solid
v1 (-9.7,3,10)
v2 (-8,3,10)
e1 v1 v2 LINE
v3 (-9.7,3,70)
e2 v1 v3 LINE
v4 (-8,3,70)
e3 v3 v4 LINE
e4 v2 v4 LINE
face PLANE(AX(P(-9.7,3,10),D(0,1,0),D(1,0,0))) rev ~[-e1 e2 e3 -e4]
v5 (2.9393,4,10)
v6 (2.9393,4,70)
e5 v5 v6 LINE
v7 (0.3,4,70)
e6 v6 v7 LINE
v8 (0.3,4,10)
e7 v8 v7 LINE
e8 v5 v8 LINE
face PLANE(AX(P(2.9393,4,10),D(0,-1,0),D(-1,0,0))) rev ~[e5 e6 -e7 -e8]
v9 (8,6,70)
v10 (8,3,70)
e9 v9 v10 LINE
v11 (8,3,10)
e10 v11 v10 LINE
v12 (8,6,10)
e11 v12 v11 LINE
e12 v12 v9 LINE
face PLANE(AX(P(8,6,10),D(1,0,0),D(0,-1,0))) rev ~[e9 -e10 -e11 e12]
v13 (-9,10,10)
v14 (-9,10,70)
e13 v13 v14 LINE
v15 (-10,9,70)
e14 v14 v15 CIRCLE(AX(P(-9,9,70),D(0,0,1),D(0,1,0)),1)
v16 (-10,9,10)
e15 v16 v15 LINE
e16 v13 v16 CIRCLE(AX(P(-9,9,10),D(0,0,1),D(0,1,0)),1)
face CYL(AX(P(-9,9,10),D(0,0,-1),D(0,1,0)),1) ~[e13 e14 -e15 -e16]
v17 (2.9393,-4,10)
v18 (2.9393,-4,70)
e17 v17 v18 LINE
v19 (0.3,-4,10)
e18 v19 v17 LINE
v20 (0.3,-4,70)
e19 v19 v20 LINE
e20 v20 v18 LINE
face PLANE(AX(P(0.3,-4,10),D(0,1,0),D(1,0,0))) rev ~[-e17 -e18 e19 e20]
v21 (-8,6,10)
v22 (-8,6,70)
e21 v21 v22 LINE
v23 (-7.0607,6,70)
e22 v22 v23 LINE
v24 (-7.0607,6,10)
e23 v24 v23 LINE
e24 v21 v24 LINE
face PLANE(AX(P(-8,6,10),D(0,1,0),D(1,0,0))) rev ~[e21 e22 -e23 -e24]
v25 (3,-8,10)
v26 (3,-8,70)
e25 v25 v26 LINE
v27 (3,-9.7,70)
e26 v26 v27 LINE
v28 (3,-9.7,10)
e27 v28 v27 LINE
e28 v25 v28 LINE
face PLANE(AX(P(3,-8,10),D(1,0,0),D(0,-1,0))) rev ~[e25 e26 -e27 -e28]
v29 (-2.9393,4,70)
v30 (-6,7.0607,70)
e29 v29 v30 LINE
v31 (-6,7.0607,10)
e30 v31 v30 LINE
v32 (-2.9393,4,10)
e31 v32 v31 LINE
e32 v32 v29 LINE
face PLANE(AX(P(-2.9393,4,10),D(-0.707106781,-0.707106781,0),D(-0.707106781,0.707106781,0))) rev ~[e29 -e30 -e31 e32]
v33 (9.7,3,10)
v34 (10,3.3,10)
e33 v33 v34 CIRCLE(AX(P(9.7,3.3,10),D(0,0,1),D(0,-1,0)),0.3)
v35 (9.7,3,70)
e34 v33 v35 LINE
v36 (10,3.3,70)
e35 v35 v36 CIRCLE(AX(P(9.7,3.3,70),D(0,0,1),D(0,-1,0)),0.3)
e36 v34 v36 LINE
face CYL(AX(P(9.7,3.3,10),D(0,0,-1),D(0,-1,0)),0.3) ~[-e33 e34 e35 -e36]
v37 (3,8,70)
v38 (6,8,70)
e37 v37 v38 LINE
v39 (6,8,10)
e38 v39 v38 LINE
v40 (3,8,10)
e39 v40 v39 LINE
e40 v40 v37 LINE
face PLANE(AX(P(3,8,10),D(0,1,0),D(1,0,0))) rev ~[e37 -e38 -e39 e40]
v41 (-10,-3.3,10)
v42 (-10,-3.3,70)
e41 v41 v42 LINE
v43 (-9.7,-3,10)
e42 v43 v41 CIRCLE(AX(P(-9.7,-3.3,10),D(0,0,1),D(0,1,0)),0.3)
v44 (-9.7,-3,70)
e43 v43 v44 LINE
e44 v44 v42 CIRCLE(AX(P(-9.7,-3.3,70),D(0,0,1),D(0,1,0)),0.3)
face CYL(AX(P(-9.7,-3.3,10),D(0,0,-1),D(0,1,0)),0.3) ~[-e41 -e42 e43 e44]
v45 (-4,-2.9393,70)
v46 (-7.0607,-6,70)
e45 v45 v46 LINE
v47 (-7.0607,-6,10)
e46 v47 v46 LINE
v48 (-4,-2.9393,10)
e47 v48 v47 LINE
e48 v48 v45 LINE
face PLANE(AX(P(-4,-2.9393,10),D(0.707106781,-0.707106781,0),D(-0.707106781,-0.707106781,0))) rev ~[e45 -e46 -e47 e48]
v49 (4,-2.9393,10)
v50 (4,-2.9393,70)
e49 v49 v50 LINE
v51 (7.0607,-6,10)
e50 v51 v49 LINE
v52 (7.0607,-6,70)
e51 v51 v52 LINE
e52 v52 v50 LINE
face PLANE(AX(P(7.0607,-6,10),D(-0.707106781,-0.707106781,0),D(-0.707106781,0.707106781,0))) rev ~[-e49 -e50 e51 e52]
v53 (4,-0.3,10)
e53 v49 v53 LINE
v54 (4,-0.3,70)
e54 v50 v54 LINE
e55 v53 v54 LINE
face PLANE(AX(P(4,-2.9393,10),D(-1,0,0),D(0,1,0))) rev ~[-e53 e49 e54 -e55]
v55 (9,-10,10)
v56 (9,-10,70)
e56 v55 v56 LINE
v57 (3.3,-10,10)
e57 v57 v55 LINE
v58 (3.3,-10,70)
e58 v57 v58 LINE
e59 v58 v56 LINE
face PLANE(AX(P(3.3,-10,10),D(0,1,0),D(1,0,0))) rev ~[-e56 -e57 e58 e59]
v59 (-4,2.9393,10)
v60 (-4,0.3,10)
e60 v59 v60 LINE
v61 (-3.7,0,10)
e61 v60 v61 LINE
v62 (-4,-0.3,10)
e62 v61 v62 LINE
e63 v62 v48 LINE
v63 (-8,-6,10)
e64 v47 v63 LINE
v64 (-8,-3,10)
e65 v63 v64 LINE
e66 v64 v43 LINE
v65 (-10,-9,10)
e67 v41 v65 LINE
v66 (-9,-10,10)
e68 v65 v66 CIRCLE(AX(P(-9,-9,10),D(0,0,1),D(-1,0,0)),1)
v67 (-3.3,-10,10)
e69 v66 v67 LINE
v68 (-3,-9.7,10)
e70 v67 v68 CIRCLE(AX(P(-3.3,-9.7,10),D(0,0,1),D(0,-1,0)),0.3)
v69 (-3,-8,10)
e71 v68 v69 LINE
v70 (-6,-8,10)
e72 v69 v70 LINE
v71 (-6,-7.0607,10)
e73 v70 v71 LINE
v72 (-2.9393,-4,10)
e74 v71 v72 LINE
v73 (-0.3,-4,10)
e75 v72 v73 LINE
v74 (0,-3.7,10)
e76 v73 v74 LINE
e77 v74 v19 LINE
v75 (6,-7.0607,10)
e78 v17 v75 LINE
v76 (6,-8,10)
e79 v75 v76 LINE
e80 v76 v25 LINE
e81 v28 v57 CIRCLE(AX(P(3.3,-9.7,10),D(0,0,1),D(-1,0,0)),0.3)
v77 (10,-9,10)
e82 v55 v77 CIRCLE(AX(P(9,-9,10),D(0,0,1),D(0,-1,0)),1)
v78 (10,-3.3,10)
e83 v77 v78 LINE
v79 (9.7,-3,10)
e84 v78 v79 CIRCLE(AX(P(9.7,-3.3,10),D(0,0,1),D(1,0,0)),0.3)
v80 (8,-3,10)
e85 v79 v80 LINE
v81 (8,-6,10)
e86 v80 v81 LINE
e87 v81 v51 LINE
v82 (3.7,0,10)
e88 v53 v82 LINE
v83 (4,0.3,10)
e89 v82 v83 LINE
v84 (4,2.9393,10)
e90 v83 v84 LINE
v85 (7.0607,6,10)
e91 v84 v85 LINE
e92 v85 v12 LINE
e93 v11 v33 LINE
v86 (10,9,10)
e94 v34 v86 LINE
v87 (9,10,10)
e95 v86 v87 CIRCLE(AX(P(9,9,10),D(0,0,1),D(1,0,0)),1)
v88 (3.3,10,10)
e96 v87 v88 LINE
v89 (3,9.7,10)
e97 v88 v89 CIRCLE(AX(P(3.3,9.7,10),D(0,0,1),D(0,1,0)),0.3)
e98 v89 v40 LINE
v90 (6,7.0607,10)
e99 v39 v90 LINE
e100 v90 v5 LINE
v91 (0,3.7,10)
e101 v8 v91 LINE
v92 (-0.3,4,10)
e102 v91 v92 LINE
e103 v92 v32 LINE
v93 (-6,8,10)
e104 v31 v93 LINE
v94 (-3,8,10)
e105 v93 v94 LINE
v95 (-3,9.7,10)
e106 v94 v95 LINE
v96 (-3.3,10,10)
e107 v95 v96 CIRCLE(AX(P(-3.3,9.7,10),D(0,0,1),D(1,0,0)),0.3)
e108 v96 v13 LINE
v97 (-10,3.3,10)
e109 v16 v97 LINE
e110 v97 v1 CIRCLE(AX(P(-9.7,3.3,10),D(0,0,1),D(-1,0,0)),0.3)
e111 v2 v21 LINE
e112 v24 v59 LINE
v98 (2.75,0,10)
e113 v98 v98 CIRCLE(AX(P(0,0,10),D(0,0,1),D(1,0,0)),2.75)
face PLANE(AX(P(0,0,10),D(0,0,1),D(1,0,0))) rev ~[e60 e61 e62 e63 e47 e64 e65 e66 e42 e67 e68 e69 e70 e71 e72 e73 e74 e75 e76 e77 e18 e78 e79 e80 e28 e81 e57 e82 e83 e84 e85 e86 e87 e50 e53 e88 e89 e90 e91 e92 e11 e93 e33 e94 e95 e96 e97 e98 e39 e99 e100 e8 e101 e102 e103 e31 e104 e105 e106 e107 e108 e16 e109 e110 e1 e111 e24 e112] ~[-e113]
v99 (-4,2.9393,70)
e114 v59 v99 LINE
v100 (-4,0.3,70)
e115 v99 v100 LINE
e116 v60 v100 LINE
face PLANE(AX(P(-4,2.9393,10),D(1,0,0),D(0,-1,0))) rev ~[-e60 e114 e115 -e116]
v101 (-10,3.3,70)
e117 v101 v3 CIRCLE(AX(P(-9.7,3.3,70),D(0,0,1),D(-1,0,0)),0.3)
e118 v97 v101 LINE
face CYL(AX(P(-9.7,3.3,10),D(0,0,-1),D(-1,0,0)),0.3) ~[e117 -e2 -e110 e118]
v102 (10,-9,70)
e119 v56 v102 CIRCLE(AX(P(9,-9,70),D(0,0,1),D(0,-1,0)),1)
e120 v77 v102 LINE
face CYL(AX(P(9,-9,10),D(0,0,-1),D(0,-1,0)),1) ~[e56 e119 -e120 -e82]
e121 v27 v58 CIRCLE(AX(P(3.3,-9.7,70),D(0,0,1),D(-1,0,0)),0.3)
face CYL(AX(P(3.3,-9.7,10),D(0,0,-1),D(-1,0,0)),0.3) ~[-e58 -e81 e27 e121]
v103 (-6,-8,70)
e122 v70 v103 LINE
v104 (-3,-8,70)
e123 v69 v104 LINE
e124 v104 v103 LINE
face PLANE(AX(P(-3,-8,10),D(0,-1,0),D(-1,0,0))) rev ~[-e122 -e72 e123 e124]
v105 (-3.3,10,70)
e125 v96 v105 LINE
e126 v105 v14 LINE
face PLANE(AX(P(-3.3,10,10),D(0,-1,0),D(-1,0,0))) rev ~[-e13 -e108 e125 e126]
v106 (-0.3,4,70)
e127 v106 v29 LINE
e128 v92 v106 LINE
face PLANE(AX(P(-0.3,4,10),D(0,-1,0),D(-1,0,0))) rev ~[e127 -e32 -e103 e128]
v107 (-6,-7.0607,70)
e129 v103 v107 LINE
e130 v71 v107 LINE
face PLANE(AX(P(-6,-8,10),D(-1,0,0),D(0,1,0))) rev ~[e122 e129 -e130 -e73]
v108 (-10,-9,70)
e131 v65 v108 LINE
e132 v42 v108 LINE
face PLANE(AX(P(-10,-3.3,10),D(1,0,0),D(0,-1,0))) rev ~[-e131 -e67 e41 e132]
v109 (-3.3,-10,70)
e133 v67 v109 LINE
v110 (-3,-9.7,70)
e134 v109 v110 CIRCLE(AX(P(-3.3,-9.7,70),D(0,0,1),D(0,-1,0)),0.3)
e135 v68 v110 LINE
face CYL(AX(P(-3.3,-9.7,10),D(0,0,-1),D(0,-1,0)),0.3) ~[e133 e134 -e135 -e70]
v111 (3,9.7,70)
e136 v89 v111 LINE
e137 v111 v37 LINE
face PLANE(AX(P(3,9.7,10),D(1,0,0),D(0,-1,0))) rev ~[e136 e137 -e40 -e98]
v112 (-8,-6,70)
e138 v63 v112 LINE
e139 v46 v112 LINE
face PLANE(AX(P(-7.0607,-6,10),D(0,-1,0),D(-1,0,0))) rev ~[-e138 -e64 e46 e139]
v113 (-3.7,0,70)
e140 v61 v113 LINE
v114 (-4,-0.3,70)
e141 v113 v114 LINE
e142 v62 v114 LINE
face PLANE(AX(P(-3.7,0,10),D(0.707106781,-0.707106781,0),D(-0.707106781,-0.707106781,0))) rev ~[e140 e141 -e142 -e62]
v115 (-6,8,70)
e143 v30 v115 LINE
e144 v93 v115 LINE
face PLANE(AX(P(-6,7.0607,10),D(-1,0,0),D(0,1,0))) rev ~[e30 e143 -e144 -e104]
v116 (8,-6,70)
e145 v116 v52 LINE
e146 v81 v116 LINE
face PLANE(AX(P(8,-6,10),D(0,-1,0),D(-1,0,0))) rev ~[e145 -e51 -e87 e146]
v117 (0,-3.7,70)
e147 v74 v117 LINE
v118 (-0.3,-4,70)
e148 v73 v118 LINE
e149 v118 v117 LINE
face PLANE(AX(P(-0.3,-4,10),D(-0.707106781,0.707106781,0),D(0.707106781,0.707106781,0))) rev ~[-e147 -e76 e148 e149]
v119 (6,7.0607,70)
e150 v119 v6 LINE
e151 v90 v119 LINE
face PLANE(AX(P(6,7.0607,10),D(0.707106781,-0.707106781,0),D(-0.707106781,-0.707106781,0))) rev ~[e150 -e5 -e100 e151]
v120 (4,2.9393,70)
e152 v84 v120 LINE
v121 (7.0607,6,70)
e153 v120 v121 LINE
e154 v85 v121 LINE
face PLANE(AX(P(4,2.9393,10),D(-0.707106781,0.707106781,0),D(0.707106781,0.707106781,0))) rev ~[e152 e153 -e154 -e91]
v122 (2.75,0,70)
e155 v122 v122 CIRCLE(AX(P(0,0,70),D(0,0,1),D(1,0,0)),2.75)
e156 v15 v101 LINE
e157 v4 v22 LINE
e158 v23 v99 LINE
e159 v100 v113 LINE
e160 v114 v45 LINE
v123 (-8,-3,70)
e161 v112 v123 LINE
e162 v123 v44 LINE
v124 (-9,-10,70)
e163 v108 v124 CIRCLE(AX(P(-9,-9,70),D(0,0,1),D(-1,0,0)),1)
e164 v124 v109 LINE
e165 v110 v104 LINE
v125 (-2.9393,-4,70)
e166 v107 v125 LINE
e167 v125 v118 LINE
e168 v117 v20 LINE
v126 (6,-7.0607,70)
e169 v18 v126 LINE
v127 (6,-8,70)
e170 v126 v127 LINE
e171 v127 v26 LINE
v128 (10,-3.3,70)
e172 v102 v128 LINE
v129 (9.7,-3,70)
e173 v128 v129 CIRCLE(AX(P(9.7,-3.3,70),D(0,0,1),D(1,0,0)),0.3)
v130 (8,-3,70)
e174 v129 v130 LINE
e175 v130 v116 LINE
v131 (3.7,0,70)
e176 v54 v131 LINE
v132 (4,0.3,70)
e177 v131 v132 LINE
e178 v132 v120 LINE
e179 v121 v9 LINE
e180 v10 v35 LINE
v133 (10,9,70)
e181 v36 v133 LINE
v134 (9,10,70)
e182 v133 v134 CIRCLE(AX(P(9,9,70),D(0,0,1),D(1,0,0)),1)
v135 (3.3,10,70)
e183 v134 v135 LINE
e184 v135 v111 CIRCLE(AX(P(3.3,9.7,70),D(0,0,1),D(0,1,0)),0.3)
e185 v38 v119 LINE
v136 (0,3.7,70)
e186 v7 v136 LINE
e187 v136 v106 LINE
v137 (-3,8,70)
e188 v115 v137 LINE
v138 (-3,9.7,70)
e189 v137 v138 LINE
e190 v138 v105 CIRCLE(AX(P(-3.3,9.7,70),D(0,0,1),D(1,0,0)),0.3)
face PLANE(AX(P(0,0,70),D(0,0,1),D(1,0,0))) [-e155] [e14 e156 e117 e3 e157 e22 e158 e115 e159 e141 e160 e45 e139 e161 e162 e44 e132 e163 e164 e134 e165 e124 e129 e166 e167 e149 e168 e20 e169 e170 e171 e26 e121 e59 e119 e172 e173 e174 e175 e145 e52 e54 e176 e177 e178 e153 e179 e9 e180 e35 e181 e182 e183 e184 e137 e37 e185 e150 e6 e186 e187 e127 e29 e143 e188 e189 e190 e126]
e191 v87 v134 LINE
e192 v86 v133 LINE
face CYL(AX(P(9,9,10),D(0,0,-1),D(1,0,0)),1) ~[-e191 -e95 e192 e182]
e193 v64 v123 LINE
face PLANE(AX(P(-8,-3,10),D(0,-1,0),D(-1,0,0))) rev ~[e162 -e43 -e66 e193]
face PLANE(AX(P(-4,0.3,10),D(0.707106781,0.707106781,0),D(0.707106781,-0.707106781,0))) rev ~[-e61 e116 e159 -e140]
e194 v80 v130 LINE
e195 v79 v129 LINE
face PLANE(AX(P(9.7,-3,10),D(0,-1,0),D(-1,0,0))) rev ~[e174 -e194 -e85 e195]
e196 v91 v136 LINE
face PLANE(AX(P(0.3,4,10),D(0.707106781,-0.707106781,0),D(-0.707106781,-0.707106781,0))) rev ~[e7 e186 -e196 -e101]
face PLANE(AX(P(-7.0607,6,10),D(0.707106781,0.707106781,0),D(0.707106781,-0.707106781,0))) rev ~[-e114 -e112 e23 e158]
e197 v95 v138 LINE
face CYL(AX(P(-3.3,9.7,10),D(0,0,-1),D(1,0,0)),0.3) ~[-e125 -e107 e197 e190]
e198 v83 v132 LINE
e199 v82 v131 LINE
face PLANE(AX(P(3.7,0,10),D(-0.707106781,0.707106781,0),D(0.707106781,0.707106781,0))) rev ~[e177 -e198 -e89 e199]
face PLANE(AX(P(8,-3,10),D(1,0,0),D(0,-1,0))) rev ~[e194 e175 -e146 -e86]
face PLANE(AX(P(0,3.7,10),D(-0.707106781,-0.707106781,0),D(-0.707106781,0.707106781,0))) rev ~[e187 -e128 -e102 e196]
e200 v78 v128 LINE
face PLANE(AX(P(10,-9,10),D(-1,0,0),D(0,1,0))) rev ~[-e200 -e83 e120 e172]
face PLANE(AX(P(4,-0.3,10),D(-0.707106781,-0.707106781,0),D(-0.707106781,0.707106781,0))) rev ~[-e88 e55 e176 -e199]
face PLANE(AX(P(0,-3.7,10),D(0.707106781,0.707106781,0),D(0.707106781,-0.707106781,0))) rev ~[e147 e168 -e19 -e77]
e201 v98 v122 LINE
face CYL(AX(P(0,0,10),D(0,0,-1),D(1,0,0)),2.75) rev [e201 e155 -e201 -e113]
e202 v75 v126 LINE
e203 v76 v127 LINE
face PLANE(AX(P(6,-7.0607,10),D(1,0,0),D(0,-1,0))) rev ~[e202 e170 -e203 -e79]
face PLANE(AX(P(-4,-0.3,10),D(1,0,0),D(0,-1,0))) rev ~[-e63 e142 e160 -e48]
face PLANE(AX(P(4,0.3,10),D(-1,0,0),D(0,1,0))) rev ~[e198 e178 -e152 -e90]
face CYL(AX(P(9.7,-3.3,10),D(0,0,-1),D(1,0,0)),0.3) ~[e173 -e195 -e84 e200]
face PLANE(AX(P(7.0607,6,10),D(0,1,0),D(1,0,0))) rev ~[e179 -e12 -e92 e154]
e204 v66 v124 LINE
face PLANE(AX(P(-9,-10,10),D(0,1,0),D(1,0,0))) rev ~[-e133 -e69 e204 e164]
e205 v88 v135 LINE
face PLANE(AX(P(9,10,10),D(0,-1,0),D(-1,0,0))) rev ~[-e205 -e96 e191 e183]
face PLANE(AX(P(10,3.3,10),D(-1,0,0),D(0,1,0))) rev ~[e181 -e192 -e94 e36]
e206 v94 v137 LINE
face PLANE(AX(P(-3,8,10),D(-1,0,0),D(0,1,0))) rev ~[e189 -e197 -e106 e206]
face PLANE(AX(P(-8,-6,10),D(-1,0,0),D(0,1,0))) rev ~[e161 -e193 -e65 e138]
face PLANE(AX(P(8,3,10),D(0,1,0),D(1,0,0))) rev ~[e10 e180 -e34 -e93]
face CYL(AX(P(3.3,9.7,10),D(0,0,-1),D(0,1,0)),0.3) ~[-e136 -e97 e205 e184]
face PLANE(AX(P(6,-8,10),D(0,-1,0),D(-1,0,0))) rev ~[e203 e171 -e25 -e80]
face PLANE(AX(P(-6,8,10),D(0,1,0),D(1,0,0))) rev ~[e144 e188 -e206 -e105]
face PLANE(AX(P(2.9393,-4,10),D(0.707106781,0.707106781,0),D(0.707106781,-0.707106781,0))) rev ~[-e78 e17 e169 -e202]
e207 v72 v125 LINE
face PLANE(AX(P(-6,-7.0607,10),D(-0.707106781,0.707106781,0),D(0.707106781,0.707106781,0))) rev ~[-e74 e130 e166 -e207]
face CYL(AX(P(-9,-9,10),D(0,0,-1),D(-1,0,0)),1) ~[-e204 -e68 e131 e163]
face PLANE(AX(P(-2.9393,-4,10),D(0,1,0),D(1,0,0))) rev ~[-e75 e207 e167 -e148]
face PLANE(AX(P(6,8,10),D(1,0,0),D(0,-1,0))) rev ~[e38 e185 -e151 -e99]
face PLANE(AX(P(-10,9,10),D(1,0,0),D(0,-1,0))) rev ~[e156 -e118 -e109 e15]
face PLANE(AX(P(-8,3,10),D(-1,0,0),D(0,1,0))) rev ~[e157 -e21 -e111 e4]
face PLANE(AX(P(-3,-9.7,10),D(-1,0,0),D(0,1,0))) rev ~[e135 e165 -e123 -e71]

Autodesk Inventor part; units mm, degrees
ref_plane "Startebene" through (0, 0, 0) normal (0, 0, 1) x (1, 0, 0)
ref_plane "Endebene" through (0, 0, 320) normal (0, 0, 1) x (1, 0, 0)
ref_plane "Startebene1" through (0, 0, 0) normal (0, 0, 1) x (1, 0, 0)
ref_plane "Endebene1" through (0, 0, 80) normal (0, 0, 1) x (1, 0, 0)
ref_plane "Startebene2" through (0, 0, 10) normal (0, 0, 1) x (1, 0, 0)
ref_plane "Endebene2" through (0, 0, 70) normal (0, 0, 1) x (1, 0, 0)
sketch "Skizze" plane through (0, 0, 0) normal (0, 0, 1) x (1, 0, 0)
  line L0 (-10, 9) -> (-10, 3.3)
  arc A0 (-10, 3.3) -> (-9.7, 3) centre (-9.7, 3.3) ccw
  line L1 (-9.7, 3) -> (-8, 3)
  line L2 (-8, 3) -> (-8, 6)
  line L3 (-8, 6) -> (-7.0607, 6)
  line L4 (-7.0607, 6) -> (-4, 2.9393)
  line L5 (-4, 2.9393) -> (-4, 0.3)
  line L6 (-4, 0.3) -> (-3.7, 0)
  line L7 (-3.7, 0) -> (-4, -0.3)
  line L8 (-4, -0.3) -> (-4, -2.9393)
  line L9 (-4, -2.9393) -> (-7.0607, -6)
  line L10 (-7.0607, -6) -> (-8, -6)
  line L11 (-8, -6) -> (-8, -3)
  line L12 (-8, -3) -> (-9.7, -3)
  arc A1 (-9.7, -3) -> (-10, -3.3) centre (-9.7, -3.3) ccw
  line L13 (-10, -3.3) -> (-10, -9)
  arc A2 (-10, -9) -> (-9, -10) centre (-9, -9) ccw
  line L14 (-9, -10) -> (-3.3, -10)
  arc A3 (-3.3, -10) -> (-3, -9.7) centre (-3.3, -9.7) ccw
  line L15 (-3, -9.7) -> (-3, -8)
  line L16 (-3, -8) -> (-6, -8)
  line L17 (-6, -8) -> (-6, -7.0607)
  line L18 (-6, -7.0607) -> (-2.9393, -4)
  line L19 (-2.9393, -4) -> (-0.3, -4)
  line L20 (-0.3, -4) -> (0, -3.7)
  line L21 (0, -3.7) -> (0.3, -4)
  line L22 (0.3, -4) -> (2.9393, -4)
  line L23 (2.9393, -4) -> (6, -7.0607)
  line L24 (6, -7.0607) -> (6, -8)
  line L25 (6, -8) -> (3, -8)
  line L26 (3, -8) -> (3, -9.7)
  arc A4 (3, -9.7) -> (3.3, -10) centre (3.3, -9.7) ccw
  line L27 (3.3, -10) -> (9, -10)
  arc A5 (9, -10) -> (10, -9) centre (9, -9) ccw
  line L28 (10, -9) -> (10, -3.3)
  arc A6 (10, -3.3) -> (9.7, -3) centre (9.7, -3.3) ccw
  line L29 (9.7, -3) -> (8, -3)
  line L30 (8, -3) -> (8, -6)
  line L31 (8, -6) -> (7.0607, -6)
  line L32 (7.0607, -6) -> (4, -2.9393)
  line L33 (4, -2.9393) -> (4, -0.3)
  line L34 (4, -0.3) -> (3.7, 0)
  line L35 (3.7, 0) -> (4, 0.3)
  line L36 (4, 0.3) -> (4, 2.9393)
  line L37 (4, 2.9393) -> (7.0607, 6)
  line L38 (7.0607, 6) -> (8, 6)
  line L39 (8, 6) -> (8, 3)
  line L40 (8, 3) -> (9.7, 3)
  arc A7 (9.7, 3) -> (10, 3.3) centre (9.7, 3.3) ccw
  line L41 (10, 3.3) -> (10, 9)
  arc A8 (10, 9) -> (9, 10) centre (9, 9) ccw
  line L42 (9, 10) -> (3.3, 10)
  arc A9 (3.3, 10) -> (3, 9.7) centre (3.3, 9.7) ccw
  line L43 (3, 9.7) -> (3, 8)
  line L44 (3, 8) -> (6, 8)
  line L45 (6, 8) -> (6, 7.0607)
  line L46 (6, 7.0607) -> (2.9393, 4)
  line L47 (2.9393, 4) -> (0.3, 4)
  line L48 (0.3, 4) -> (0, 3.7)
  line L49 (0, 3.7) -> (-0.3, 4)
  line L50 (-0.3, 4) -> (-2.9393, 4)
  line L51 (-2.9393, 4) -> (-6, 7.0607)
  line L52 (-6, 7.0607) -> (-6, 8)
  line L53 (-6, 8) -> (-3, 8)
  line L54 (-3, 8) -> (-3, 9.7)
  arc A10 (-3, 9.7) -> (-3.3, 10) centre (-3.3, 9.7) ccw
  line L55 (-3.3, 10) -> (-9, 10)
  arc A11 (-9, 10) -> (-10, 9) centre (-9, 9) ccw
  circle A12 centre (0, 0) radius 2.75
  dimension "d2" = 5.5
  dimension "d3" = 10
  dimension "d4" = 10
  dimension "d5" = 5.7
  dimension "d6" = 5.7
  dimension "d7" = 1.7
  dimension "d8" = 3
  dimension "d9" = 0.3
  dimension "d10" = 90
  dimension "d11" = 45
  dimension "d12" = 45
  dimension "d13" = 45
  dimension "d14" = 90
  dimension "d15" = 90
  dimension "d16" = 45
  dimension "d17" = 45
  dimension "d18" = 45
  dimension "d19" = 45
  dimension "d20" = 90
  dimension "d21" = 90
  dimension "d22" = 45
  dimension "d23" = 45
  dimension "d24" = 90
  dimension "d25" = 90
  dimension "d26" = 90
  dimension "d27" = 90
  dimension "d28" = 90
  dimension "d29" = 90
  dimension "d30" = 90
  dimension "d31" = 90
  dimension "d32" = 90
  dimension "d33" = 90
  dimension "d34" = 90
  dimension "d35" = 90
  dimension "d36" = 90
  dimension "d37" = 90
  dimension "d38" = 90
  dimension "d39" = 4
  dimension "d40" = 6
  dimension "d41" = 13
  dimension "d42" = 14
  dimension "d43" = 16
  dimension "d44" = 18
  dimension "d45" = 3
  dimension "d46" = 9
  dimension "d47" = 7
  dimension "d48" = 1
  dimension "d49" = 7
  dimension "d50" = 1.5
  dimension "d51" = 1.8663
  dimension "d52" = 3.3663
  dimension "d53" = 1.5
  dimension "d54" = 1.8663
  dimension "d55" = 3.3663
  dimension "d56" = 4
  dimension "d57" = 10.8187
  dimension "d58" = 1.9092
  dimension "d59" = 5
  dimension "d60" = 13
  dimension "d61" = 13
  dimension "d62" = 16.0513
  dimension "d63" = 3.3234
  dimension "d64" = 14
  dimension "d65" = 12.685
extrude "Körper" add sketch "Skizze" along normal up to surface (60 mm away) from surface at 10
sketch "Skizze13" plane through (0, 0, 0) normal (0, 0, 1) x (1, 0, 0)
  line L0 (0, 0) -> (10, 0)
ref_plane "Arbeitsebene12" through (0, 0, 0) normal (0, -1, 0) x (1, 0, 0)
sketch "Skizze14" plane through (0, 0, 0) normal (0, -1, 0) x (1, 0, 0)
  line L0 (-2, 10) -> (12, 10)
  line L1 (-2, 70) -> (12, 70)
  dimension "d80" = 60
ref_plane "Arbeitsebene13" through (-9, 0, 70) normal (0, 0, 1) x (1, 0, 0)
split "Trennen1" plane through (-9, 0, 70) removes the side toward (0, 0, 1)
ref_plane "Arbeitsebene14" through (-3.3, 0, 10) normal (0, 0, -1) x (-1, 0, 0)
split "Trennen2" plane through (-3.3, 0, 10) removes the side toward (0, 0, -1)
equation "\"G_OFFSET_START\" = 0"
equation "\"G_OFFSET_END\" = 0"
equation "\"G_L\" = d80"
equation "\"G_OFFSET_START1\" = 0"
equation "\"G_OFFSET_END1\" = 0"
properties part number "Alu Profil 20x20 - AP2020" material "Aluminium 6061"
